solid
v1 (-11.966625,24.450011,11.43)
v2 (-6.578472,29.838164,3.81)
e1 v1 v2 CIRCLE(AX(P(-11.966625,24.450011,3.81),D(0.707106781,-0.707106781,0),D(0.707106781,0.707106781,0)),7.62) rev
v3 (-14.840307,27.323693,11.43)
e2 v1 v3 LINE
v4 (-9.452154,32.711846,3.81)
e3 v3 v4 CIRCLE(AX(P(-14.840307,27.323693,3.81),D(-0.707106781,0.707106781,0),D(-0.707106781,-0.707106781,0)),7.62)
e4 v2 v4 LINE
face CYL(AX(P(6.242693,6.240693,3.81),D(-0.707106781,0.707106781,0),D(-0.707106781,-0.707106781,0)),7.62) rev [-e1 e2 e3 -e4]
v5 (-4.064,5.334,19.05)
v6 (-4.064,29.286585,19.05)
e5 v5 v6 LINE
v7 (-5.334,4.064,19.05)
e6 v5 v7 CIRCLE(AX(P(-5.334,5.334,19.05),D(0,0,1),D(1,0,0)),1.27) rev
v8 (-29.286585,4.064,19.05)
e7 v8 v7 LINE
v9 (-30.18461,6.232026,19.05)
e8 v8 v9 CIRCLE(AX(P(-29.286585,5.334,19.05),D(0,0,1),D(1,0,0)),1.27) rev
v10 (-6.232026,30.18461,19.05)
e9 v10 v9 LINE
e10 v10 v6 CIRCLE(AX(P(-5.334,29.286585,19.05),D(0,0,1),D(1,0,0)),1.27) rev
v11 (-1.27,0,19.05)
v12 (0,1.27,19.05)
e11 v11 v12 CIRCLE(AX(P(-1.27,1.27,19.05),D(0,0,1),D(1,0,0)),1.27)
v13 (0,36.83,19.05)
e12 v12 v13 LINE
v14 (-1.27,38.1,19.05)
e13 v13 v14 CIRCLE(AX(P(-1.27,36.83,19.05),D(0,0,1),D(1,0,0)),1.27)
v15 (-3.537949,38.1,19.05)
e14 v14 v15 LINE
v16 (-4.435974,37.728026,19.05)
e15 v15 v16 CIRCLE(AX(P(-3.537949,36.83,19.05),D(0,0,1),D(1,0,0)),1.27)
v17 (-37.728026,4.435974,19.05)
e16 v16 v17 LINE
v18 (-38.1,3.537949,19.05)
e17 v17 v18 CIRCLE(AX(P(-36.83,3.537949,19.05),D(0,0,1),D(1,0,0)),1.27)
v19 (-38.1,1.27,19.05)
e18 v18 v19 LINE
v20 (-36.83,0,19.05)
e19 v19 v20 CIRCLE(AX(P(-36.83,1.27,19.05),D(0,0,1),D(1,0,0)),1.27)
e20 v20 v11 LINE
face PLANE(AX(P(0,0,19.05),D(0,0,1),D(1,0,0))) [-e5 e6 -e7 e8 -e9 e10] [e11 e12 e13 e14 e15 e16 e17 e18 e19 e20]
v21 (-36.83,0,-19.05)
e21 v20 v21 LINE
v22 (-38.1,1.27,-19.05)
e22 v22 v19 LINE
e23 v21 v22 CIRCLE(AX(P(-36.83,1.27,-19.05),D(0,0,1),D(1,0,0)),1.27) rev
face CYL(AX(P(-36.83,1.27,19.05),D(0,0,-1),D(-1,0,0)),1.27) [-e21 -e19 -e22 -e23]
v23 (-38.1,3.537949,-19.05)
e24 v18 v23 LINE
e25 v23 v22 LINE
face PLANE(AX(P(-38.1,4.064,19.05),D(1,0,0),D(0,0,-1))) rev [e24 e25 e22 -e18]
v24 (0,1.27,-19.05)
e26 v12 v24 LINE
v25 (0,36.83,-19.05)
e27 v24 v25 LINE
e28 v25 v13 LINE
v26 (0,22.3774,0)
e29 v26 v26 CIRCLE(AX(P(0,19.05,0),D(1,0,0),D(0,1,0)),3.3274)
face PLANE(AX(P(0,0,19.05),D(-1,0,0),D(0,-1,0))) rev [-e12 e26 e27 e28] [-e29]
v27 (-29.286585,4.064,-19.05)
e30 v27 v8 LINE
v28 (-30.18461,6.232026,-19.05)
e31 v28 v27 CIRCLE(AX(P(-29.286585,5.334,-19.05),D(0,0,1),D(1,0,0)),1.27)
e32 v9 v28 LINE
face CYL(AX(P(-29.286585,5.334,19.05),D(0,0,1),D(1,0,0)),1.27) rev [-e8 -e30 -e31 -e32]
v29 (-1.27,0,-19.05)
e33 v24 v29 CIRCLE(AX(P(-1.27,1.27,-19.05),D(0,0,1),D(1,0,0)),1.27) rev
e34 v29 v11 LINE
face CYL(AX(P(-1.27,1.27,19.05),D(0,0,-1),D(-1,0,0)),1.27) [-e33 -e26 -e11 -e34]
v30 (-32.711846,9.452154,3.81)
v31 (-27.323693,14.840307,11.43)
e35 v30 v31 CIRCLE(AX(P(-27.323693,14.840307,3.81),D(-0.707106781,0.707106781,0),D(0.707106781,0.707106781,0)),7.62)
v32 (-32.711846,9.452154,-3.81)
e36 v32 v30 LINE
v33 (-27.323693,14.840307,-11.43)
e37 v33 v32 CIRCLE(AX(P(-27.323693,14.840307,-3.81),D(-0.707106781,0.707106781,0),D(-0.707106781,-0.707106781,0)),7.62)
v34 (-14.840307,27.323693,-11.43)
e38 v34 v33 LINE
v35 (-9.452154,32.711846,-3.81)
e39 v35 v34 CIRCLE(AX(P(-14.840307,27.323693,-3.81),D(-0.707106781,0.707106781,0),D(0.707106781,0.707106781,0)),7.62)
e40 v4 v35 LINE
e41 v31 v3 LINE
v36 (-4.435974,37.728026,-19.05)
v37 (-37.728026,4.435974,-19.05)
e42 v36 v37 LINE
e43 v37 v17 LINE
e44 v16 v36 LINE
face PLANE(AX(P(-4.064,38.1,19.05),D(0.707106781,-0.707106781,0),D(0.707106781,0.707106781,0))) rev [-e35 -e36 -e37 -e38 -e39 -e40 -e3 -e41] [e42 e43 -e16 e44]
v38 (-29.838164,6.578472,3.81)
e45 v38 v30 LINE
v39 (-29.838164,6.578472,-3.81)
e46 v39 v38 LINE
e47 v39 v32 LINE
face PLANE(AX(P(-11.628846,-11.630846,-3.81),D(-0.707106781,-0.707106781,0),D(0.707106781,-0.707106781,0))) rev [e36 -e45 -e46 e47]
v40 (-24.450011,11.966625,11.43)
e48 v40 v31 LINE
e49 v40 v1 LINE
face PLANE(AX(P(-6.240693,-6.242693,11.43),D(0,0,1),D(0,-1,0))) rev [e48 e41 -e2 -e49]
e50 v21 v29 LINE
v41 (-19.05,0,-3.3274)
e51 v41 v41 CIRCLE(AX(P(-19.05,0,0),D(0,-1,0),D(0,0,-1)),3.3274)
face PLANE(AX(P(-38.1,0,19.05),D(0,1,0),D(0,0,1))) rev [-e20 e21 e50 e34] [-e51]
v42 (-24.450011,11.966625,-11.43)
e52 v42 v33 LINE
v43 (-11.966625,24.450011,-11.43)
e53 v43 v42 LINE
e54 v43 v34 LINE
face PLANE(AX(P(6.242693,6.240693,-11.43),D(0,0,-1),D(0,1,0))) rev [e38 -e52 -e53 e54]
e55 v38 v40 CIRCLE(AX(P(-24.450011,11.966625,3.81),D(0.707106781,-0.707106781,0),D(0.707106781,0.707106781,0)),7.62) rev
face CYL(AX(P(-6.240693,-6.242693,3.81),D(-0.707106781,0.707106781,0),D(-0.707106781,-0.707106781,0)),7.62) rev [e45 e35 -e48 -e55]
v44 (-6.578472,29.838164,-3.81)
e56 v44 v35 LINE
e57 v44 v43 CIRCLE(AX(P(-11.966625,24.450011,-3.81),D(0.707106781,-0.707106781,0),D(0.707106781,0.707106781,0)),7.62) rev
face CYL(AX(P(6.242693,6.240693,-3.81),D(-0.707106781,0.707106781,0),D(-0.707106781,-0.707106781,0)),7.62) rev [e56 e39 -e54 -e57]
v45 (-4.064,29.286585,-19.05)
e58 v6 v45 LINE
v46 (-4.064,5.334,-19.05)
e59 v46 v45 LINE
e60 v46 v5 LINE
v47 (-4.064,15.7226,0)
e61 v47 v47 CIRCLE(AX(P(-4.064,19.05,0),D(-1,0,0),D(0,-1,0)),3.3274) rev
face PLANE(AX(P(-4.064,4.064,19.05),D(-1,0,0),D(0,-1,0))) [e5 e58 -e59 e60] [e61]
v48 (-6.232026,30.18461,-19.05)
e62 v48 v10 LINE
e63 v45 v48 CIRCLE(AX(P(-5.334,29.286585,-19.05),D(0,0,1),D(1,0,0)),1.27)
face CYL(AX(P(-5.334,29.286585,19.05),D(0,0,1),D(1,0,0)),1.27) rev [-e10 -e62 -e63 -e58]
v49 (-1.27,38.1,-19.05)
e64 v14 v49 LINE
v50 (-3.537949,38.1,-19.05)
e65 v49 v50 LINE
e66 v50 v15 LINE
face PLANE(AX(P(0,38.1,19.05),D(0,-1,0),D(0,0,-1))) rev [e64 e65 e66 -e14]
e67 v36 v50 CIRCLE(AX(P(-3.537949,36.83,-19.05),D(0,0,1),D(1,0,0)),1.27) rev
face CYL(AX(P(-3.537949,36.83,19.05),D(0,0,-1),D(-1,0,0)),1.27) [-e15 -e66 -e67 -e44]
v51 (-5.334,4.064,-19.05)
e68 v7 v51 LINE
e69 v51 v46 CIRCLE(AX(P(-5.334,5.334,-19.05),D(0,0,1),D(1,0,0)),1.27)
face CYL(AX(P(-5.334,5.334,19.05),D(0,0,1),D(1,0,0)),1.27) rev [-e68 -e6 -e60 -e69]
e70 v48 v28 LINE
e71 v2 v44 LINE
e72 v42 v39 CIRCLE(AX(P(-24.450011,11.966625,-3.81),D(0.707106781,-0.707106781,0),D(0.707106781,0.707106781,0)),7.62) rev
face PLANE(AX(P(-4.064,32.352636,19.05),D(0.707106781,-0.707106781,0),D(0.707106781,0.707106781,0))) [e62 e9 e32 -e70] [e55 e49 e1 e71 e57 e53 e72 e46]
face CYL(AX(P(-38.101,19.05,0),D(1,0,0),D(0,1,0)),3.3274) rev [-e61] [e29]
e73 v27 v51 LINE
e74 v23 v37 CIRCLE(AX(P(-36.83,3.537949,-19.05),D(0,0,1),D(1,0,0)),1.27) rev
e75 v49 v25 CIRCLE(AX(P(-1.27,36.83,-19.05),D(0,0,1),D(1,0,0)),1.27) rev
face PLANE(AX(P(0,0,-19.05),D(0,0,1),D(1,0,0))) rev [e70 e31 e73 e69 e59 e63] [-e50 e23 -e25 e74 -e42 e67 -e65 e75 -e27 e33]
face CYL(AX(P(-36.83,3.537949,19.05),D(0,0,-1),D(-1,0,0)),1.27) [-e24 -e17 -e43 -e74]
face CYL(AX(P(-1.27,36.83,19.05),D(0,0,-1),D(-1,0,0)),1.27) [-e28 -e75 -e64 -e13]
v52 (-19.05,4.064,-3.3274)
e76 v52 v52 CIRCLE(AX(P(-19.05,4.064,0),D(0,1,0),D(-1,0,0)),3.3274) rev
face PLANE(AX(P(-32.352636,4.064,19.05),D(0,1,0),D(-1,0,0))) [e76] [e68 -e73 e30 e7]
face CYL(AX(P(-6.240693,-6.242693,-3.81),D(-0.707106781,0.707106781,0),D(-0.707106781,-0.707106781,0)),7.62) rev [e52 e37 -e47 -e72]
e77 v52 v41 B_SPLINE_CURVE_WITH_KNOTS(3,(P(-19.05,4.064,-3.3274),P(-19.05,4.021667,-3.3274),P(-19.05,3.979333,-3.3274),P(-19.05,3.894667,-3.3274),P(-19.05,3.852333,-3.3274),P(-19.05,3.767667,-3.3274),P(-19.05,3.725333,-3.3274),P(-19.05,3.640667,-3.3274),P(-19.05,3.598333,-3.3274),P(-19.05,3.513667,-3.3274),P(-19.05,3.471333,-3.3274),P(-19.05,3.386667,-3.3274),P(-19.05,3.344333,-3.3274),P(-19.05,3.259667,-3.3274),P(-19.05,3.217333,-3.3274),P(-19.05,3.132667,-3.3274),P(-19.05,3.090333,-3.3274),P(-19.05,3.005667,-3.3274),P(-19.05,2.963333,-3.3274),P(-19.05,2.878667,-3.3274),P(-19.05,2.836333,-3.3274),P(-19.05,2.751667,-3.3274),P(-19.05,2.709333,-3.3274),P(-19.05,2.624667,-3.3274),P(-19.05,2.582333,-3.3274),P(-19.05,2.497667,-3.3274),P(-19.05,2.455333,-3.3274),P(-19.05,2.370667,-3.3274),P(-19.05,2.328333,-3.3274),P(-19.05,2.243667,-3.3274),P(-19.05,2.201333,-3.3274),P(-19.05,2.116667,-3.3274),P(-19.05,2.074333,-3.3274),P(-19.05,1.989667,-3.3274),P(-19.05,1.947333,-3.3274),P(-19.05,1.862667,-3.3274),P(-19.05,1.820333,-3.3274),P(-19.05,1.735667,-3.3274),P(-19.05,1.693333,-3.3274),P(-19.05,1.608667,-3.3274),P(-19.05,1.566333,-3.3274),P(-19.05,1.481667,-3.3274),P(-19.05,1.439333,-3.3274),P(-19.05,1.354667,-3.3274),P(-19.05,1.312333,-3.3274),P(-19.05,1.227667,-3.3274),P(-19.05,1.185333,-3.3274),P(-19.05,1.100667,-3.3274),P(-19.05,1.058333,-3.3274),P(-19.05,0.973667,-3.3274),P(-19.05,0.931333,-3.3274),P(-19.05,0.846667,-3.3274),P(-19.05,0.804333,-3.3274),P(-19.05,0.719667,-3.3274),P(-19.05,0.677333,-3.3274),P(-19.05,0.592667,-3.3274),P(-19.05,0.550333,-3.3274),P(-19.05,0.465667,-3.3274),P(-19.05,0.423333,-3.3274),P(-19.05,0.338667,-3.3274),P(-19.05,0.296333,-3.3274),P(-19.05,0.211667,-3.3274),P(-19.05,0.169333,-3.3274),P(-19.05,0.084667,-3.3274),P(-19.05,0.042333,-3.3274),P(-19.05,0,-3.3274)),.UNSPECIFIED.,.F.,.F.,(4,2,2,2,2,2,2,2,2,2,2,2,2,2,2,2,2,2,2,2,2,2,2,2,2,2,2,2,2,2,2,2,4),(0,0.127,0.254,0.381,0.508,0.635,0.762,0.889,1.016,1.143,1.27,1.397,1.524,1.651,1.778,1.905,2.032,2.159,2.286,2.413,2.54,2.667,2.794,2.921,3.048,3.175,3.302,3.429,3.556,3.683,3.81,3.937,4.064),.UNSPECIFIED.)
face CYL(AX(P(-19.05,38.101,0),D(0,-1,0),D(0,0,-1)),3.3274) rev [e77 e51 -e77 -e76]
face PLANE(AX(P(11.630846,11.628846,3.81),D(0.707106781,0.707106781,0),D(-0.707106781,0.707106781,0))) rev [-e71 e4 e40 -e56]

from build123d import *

# Parameters (mm, degrees)
BOSS_EXTRUDE1_DEPTH = 19.05
CUT_EXTRUDE2_REACH  = 59.15
SKETCH3_R           = 3.3274
CUT_EXTRUDE3_REACH  = 59.15
SKETCH4_R           = 3.3274
CUT_EXTRUDE1_REACH  = 37.381
FILLET1_R           = 1.27


with BuildPart() as part:
    # Sketch1 → Boss-Extrude1 (new, symmetric)
    with BuildSketch(Plane.XY):
        Polygon((0, 0), (0, 38.1), (-4.064, 38.1), (-38.1, 4.064), (-38.1, 0), align=None)
        Polygon((-32.352636083, 4.064), (-4.064, 4.064), (-4.064, 32.352636083), align=None, mode=Mode.SUBTRACT)
    extrude(amount=BOSS_EXTRUDE1_DEPTH, both=True)

    # Sketch3 → Cut-Extrude2 (cut, up to next)
    with BuildSketch(Plane(origin=(0, 0, 0), x_dir=(0, 0, -1), z_dir=(1, 0, 0)), mode=Mode.PRIVATE) as cut_extrude2_sk1:
        with Locations(Location((0, 19.05, 0), (0, 0, 90))):
            Circle(SKETCH3_R)
    cut_extrude2_tool1 = extrude(cut_extrude2_sk1.sketch, amount=-CUT_EXTRUDE2_REACH, mode=Mode.PRIVATE) & part.part
    add(cut_extrude2_tool1.solids().sort_by_distance((0, 19.05, 0))[0], mode=Mode.SUBTRACT)

    # Sketch4 → Cut-Extrude3 (cut, up to next)
    with BuildSketch(Plane.XZ, mode=Mode.PRIVATE) as cut_extrude3_sk1:
        with Locations(Location((-19.05, 0, 0), (0, 0, 270))):
            Circle(SKETCH4_R)
    cut_extrude3_tool1 = extrude(cut_extrude3_sk1.sketch, amount=-CUT_EXTRUDE3_REACH, mode=Mode.PRIVATE) & part.part
    add(cut_extrude3_tool1.solids().sort_by_distance((-19.05, 0, 0))[0], mode=Mode.SUBTRACT)

    # Sketch2 → Cut-Extrude1 (cut, up to next)
    with BuildSketch(Plane(origin=(-21.082, 21.082, 0), x_dir=(0, 0, 1), z_dir=(-0.7071067811865477, 0.7071067811865475, 0)), mode=Mode.PRIVATE) as cut_extrude1_sk1:
        with BuildLine():
            Line((3.81, 16.447086404), (-3.81, 16.447086404))
            ThreePointArc((-3.81, 16.447086404), (-9.198153673, 14.215240077), (-11.43, 8.827086404))
            Line((-11.43, 8.827086404), (-11.43, -8.827086404))
            ThreePointArc((-11.43, -8.827086404), (-9.198153673, -14.215240077), (-3.81, -16.447086404))
            Line((-3.81, -16.447086404), (3.81, -16.447086404))
            ThreePointArc((3.81, -16.447086404), (9.198153673, -14.215240077), (11.43, -8.827086404))
            Line((11.43, -8.827086404), (11.43, 8.827086404))
            ThreePointArc((11.43, 8.827086404), (9.198153673, 14.215240077), (3.81, 16.447086404))
        make_face()
    cut_extrude1_tool1 = extrude(cut_extrude1_sk1.sketch, amount=-CUT_EXTRUDE1_REACH, mode=Mode.PRIVATE) & part.part
    add(cut_extrude1_tool1.solids().sort_by_distance((-21.082, 21.082, 0))[0], mode=Mode.SUBTRACT)

    # Fillet1
    fillet1_edges = [part.edges().sort_by_distance(p)[0] for p in [
        (-4.064, 4.064, 0),
        (-4.064, 32.352636083, 0),
        (-32.352636083, 4.064, 0),
        (-38.1, 0, 0),
        (-38.1, 4.064, 0),
        (-4.064, 38.1, 0),
        (0, 38.1, 0),
        (0, 0, 0),
    ]]
    fillet(fillet1_edges, radius=FILLET1_R)


solid = part.part
